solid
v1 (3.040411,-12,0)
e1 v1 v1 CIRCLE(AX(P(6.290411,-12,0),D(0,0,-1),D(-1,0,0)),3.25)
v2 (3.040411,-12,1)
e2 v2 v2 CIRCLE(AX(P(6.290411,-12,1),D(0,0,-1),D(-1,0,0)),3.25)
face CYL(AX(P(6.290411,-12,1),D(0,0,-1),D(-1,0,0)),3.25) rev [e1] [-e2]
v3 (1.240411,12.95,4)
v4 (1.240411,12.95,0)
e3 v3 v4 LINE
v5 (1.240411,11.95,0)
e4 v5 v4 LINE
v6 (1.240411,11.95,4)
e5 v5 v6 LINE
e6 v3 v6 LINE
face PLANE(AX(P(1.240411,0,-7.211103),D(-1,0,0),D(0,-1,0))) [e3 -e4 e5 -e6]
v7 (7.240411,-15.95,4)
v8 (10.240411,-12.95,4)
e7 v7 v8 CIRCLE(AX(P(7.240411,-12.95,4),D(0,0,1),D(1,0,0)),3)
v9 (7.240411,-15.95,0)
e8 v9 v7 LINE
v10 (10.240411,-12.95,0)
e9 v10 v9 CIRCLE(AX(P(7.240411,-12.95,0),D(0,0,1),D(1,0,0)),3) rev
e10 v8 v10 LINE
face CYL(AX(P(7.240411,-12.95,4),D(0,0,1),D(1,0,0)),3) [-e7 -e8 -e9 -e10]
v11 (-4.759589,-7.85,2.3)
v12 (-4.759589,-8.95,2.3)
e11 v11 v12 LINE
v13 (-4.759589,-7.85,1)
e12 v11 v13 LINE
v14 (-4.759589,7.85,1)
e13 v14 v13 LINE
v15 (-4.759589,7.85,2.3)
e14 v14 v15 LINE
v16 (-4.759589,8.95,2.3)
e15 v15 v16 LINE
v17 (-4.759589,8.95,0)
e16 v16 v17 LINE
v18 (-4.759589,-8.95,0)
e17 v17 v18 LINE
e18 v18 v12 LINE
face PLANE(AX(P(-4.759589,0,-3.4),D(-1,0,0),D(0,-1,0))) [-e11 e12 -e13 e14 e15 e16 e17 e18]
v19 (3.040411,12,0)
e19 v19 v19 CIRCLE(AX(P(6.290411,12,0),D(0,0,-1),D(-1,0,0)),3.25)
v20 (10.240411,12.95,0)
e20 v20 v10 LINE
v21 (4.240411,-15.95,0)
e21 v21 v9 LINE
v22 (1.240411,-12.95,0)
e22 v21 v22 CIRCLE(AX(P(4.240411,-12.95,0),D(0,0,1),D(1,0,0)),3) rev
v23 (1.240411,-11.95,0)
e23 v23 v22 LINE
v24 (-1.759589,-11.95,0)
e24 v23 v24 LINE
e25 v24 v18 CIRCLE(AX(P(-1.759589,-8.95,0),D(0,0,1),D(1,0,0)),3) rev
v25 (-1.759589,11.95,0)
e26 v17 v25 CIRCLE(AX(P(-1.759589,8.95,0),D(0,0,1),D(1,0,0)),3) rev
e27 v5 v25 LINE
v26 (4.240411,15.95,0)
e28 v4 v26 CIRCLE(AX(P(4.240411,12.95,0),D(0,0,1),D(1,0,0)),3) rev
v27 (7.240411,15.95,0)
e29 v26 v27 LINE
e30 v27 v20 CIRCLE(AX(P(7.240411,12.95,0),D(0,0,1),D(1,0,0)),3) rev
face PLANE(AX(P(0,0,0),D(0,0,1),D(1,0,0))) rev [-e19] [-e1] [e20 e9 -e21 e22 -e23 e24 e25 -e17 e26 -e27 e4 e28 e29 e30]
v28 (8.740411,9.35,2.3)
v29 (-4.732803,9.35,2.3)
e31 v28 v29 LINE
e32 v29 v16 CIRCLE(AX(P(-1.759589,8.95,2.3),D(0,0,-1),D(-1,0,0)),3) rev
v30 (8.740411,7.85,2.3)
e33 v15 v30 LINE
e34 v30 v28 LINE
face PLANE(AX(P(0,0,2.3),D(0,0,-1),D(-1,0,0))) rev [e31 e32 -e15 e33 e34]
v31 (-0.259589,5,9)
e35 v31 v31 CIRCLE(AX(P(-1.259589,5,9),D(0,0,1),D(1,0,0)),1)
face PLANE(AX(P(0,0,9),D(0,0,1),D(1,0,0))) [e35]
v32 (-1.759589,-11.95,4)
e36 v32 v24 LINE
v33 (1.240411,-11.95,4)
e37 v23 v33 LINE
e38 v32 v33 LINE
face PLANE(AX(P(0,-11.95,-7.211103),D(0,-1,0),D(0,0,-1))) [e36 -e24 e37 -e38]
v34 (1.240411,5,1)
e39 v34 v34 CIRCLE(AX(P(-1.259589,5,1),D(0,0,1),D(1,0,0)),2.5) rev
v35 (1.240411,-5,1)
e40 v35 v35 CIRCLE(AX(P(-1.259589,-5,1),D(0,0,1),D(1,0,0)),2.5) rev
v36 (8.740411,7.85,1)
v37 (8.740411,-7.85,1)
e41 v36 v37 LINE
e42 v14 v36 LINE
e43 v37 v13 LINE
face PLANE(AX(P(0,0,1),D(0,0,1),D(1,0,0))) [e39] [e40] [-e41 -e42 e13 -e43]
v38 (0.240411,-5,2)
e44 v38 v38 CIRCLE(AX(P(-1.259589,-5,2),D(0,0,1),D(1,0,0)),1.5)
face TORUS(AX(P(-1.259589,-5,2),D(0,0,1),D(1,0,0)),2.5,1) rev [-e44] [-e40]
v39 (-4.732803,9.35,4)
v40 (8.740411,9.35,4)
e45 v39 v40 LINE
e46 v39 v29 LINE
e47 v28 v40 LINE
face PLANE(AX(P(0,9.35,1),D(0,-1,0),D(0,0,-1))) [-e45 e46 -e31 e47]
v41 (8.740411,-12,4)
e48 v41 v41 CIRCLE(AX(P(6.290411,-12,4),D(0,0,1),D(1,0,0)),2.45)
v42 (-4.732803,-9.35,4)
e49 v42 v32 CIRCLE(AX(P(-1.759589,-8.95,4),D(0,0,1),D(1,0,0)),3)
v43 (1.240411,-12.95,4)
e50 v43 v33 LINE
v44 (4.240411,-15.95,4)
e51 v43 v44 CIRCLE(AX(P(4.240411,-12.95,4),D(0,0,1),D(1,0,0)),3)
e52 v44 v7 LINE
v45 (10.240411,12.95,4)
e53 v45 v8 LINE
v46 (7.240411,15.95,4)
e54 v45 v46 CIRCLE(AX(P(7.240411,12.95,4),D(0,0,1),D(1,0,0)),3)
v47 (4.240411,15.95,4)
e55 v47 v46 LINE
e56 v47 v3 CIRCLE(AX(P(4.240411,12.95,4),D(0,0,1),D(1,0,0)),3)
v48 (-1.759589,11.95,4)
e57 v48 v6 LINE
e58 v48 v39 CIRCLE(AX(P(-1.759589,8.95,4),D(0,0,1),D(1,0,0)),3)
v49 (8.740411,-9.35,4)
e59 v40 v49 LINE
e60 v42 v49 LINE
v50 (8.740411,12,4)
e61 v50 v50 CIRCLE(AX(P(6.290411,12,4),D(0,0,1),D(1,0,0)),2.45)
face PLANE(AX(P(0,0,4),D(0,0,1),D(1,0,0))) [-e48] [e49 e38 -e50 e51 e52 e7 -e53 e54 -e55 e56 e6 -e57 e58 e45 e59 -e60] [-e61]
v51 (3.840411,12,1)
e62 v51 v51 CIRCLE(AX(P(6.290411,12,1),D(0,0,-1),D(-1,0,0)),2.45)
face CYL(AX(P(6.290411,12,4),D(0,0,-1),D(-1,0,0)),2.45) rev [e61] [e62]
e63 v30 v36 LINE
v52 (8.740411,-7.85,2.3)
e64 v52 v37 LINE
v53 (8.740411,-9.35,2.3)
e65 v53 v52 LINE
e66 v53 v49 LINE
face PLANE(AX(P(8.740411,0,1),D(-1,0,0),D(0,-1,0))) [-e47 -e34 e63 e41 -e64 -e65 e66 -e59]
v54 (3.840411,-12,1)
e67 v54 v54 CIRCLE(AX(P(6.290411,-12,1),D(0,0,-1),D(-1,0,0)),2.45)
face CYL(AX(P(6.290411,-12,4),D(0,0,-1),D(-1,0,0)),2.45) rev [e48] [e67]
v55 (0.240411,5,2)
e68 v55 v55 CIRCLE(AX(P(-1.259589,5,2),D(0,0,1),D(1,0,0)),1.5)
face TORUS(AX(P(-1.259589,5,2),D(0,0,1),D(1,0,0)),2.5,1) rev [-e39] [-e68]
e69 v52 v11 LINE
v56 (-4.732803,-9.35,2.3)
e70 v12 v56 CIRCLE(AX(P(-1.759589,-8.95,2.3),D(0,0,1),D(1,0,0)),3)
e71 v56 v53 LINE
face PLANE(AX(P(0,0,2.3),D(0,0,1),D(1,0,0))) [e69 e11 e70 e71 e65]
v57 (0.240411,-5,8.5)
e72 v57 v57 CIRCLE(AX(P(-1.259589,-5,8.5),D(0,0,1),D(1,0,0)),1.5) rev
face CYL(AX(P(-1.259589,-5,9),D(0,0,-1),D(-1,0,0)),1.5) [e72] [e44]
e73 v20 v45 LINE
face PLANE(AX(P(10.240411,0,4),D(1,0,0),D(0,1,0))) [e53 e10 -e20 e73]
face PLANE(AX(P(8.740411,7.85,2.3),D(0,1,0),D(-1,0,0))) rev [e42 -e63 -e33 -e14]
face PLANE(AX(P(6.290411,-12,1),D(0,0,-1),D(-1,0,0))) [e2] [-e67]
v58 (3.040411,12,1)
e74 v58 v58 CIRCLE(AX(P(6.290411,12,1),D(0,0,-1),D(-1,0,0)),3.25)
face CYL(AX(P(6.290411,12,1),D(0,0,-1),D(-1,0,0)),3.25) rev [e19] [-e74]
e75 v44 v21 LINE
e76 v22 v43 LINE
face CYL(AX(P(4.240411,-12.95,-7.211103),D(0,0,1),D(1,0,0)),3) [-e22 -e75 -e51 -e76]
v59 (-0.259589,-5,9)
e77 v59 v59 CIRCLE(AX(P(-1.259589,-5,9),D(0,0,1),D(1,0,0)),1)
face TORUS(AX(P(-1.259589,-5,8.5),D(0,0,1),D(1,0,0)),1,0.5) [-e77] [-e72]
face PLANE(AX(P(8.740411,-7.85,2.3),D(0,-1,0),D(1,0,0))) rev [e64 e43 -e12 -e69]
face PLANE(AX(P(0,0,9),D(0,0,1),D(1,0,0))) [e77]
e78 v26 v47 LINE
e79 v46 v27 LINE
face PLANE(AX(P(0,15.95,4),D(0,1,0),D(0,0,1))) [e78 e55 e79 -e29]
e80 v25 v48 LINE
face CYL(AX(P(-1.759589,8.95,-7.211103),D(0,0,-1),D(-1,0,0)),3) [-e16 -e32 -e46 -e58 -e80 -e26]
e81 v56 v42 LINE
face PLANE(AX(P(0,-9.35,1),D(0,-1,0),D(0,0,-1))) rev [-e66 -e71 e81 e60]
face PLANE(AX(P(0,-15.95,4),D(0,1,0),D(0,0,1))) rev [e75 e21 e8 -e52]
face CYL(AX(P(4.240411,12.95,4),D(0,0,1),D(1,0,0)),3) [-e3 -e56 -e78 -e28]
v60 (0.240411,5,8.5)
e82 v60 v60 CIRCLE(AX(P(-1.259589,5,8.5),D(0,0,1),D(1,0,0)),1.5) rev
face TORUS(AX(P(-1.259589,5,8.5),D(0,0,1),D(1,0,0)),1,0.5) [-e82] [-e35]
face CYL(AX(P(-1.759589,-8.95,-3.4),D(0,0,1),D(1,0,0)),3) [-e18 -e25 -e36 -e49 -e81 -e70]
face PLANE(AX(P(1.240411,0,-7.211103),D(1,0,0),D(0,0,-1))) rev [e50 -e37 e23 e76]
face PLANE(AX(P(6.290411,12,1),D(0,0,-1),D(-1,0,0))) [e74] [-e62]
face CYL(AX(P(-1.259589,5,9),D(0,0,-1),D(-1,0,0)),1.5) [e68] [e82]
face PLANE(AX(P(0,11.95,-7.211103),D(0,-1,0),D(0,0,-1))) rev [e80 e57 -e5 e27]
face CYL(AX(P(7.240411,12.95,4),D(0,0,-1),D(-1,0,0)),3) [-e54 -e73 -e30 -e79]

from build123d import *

# Parameters (mm, degrees)
SKETCH1_W           = 20.480821918
SKETCH1_H           = 31.9
SKETCH1_R           = 2.45
BOSS_EXTRUDE1_DEPTH = 4
SKETCH2_W           = 18.980821918
SKETCH2_H           = 9.35
CUT_EXTRUDE1_DEPTH  = 3
SKETCH3_R           = 1.5
BOSS_EXTRUDE2_DEPTH = 8
SKETCH4_W           = 18.980821918
SKETCH4_H           = 1.5
BOSS_EXTRUDE3_DEPTH = 1.3
SKETCH5_W           = 5.480821918
SKETCH5_H           = 31.9
CUT_EXTRUDE2_DEPTH  = 7.4
SKETCH6_W           = 6
SKETCH6_H           = 4
CUT_EXTRUDE3_DEPTH  = 4
FILLET1_R           = 3
FILLET2_R           = 1
FILLET3_R           = 0.5
SKETCH7_R           = 3.25
CUT_EXTRUDE4_DEPTH  = 1


with BuildPart() as part:
    # Sketch1 → Boss-Extrude1 (new body)
    with BuildSketch(Plane.XY):
        Rectangle(SKETCH1_W, SKETCH1_H)
        with Locations((6.290410959, 12)):
            Circle(SKETCH1_R, mode=Mode.SUBTRACT)
        with Locations((6.290410959, -12)):
            Circle(SKETCH1_R, mode=Mode.SUBTRACT)
    extrude(amount=BOSS_EXTRUDE1_DEPTH)

    # Sketch2 → Cut-Extrude1 (cut)
    with BuildSketch(Plane.XY.offset(4)):
        with Locations((-0.75, 4.675)):
            Rectangle(SKETCH2_W, SKETCH2_H)
        with Locations((-0.75, -4.675)):
            Rectangle(SKETCH2_W, SKETCH2_H)
    extrude(amount=-CUT_EXTRUDE1_DEPTH, mode=Mode.SUBTRACT)

    # Sketch3 → Boss-Extrude2 (add)
    with BuildSketch(Plane.XY.offset(1)):
        with Locations((-1.259589041, 5)):
            Circle(SKETCH3_R)
        with Locations((-1.259589041, -5)):
            Circle(SKETCH3_R)
    extrude(amount=BOSS_EXTRUDE2_DEPTH)

    # Sketch4 → Boss-Extrude3 (add)
    with BuildSketch(Plane.XY.offset(1)):
        with Locations((-0.75, 8.6)):
            Rectangle(SKETCH4_W, SKETCH4_H)
        with Locations((-0.75, -8.6)):
            Rectangle(SKETCH4_W, SKETCH4_H)
    extrude(amount=BOSS_EXTRUDE3_DEPTH)

    # Sketch5 → Cut-Extrude2 (cut)
    with BuildSketch(Plane.XY.offset(4)):
        with Locations((-7.5, 0)):
            Rectangle(SKETCH5_W, SKETCH5_H)
    extrude(amount=-CUT_EXTRUDE2_DEPTH, mode=Mode.SUBTRACT)

    # Sketch6 → Cut-Extrude3 (cut)
    with BuildSketch(Plane.XY.offset(4)):
        with Locations((-1.759589041, 13.95)):
            Rectangle(SKETCH6_W, SKETCH6_H)
        with Locations((-1.759589041, -13.95)):
            Rectangle(SKETCH6_W, SKETCH6_H)
    extrude(amount=-CUT_EXTRUDE3_DEPTH, mode=Mode.SUBTRACT)

    # Fillet1
    fillet1_edges = [part.edges().sort_by_distance(p)[0] for p in [
        (10.240410959, 15.95, 2),
        (10.240410959, -15.95, 2),
        (1.240410959, -15.95, 2),
        (-4.759589041, -11.95, 2),
        (-4.759589041, 11.95, 2),
        (1.240410959, 15.95, 2),
    ]]
    fillet(fillet1_edges, radius=FILLET1_R)

    # Fillet2
    fillet2_edges = [part.edges().sort_by_distance(p)[0] for p in [
        (-2.759589041, 5, 1),
        (-2.759589041, -5, 1),
    ]]
    fillet(fillet2_edges, radius=FILLET2_R)

    # Fillet3
    fillet3_edges = [part.edges().sort_by_distance(p)[0] for p in [
        (-2.759589041, 5, 9),
        (-2.759589041, -5, 9),
    ]]
    fillet(fillet3_edges, radius=FILLET3_R)

    # Sketch7 → Cut-Extrude4 (cut)
    with BuildSketch(Plane(origin=(0, 0, 0), x_dir=(-1, 0, 0), z_dir=(0, 0, -1))):
        with Locations((-6.290410959, 12)):
            Circle(SKETCH7_R)
        with Locations((-6.290410959, -12)):
            Circle(SKETCH7_R)
    extrude(amount=-CUT_EXTRUDE4_DEPTH, mode=Mode.SUBTRACT)


solid = part.part
